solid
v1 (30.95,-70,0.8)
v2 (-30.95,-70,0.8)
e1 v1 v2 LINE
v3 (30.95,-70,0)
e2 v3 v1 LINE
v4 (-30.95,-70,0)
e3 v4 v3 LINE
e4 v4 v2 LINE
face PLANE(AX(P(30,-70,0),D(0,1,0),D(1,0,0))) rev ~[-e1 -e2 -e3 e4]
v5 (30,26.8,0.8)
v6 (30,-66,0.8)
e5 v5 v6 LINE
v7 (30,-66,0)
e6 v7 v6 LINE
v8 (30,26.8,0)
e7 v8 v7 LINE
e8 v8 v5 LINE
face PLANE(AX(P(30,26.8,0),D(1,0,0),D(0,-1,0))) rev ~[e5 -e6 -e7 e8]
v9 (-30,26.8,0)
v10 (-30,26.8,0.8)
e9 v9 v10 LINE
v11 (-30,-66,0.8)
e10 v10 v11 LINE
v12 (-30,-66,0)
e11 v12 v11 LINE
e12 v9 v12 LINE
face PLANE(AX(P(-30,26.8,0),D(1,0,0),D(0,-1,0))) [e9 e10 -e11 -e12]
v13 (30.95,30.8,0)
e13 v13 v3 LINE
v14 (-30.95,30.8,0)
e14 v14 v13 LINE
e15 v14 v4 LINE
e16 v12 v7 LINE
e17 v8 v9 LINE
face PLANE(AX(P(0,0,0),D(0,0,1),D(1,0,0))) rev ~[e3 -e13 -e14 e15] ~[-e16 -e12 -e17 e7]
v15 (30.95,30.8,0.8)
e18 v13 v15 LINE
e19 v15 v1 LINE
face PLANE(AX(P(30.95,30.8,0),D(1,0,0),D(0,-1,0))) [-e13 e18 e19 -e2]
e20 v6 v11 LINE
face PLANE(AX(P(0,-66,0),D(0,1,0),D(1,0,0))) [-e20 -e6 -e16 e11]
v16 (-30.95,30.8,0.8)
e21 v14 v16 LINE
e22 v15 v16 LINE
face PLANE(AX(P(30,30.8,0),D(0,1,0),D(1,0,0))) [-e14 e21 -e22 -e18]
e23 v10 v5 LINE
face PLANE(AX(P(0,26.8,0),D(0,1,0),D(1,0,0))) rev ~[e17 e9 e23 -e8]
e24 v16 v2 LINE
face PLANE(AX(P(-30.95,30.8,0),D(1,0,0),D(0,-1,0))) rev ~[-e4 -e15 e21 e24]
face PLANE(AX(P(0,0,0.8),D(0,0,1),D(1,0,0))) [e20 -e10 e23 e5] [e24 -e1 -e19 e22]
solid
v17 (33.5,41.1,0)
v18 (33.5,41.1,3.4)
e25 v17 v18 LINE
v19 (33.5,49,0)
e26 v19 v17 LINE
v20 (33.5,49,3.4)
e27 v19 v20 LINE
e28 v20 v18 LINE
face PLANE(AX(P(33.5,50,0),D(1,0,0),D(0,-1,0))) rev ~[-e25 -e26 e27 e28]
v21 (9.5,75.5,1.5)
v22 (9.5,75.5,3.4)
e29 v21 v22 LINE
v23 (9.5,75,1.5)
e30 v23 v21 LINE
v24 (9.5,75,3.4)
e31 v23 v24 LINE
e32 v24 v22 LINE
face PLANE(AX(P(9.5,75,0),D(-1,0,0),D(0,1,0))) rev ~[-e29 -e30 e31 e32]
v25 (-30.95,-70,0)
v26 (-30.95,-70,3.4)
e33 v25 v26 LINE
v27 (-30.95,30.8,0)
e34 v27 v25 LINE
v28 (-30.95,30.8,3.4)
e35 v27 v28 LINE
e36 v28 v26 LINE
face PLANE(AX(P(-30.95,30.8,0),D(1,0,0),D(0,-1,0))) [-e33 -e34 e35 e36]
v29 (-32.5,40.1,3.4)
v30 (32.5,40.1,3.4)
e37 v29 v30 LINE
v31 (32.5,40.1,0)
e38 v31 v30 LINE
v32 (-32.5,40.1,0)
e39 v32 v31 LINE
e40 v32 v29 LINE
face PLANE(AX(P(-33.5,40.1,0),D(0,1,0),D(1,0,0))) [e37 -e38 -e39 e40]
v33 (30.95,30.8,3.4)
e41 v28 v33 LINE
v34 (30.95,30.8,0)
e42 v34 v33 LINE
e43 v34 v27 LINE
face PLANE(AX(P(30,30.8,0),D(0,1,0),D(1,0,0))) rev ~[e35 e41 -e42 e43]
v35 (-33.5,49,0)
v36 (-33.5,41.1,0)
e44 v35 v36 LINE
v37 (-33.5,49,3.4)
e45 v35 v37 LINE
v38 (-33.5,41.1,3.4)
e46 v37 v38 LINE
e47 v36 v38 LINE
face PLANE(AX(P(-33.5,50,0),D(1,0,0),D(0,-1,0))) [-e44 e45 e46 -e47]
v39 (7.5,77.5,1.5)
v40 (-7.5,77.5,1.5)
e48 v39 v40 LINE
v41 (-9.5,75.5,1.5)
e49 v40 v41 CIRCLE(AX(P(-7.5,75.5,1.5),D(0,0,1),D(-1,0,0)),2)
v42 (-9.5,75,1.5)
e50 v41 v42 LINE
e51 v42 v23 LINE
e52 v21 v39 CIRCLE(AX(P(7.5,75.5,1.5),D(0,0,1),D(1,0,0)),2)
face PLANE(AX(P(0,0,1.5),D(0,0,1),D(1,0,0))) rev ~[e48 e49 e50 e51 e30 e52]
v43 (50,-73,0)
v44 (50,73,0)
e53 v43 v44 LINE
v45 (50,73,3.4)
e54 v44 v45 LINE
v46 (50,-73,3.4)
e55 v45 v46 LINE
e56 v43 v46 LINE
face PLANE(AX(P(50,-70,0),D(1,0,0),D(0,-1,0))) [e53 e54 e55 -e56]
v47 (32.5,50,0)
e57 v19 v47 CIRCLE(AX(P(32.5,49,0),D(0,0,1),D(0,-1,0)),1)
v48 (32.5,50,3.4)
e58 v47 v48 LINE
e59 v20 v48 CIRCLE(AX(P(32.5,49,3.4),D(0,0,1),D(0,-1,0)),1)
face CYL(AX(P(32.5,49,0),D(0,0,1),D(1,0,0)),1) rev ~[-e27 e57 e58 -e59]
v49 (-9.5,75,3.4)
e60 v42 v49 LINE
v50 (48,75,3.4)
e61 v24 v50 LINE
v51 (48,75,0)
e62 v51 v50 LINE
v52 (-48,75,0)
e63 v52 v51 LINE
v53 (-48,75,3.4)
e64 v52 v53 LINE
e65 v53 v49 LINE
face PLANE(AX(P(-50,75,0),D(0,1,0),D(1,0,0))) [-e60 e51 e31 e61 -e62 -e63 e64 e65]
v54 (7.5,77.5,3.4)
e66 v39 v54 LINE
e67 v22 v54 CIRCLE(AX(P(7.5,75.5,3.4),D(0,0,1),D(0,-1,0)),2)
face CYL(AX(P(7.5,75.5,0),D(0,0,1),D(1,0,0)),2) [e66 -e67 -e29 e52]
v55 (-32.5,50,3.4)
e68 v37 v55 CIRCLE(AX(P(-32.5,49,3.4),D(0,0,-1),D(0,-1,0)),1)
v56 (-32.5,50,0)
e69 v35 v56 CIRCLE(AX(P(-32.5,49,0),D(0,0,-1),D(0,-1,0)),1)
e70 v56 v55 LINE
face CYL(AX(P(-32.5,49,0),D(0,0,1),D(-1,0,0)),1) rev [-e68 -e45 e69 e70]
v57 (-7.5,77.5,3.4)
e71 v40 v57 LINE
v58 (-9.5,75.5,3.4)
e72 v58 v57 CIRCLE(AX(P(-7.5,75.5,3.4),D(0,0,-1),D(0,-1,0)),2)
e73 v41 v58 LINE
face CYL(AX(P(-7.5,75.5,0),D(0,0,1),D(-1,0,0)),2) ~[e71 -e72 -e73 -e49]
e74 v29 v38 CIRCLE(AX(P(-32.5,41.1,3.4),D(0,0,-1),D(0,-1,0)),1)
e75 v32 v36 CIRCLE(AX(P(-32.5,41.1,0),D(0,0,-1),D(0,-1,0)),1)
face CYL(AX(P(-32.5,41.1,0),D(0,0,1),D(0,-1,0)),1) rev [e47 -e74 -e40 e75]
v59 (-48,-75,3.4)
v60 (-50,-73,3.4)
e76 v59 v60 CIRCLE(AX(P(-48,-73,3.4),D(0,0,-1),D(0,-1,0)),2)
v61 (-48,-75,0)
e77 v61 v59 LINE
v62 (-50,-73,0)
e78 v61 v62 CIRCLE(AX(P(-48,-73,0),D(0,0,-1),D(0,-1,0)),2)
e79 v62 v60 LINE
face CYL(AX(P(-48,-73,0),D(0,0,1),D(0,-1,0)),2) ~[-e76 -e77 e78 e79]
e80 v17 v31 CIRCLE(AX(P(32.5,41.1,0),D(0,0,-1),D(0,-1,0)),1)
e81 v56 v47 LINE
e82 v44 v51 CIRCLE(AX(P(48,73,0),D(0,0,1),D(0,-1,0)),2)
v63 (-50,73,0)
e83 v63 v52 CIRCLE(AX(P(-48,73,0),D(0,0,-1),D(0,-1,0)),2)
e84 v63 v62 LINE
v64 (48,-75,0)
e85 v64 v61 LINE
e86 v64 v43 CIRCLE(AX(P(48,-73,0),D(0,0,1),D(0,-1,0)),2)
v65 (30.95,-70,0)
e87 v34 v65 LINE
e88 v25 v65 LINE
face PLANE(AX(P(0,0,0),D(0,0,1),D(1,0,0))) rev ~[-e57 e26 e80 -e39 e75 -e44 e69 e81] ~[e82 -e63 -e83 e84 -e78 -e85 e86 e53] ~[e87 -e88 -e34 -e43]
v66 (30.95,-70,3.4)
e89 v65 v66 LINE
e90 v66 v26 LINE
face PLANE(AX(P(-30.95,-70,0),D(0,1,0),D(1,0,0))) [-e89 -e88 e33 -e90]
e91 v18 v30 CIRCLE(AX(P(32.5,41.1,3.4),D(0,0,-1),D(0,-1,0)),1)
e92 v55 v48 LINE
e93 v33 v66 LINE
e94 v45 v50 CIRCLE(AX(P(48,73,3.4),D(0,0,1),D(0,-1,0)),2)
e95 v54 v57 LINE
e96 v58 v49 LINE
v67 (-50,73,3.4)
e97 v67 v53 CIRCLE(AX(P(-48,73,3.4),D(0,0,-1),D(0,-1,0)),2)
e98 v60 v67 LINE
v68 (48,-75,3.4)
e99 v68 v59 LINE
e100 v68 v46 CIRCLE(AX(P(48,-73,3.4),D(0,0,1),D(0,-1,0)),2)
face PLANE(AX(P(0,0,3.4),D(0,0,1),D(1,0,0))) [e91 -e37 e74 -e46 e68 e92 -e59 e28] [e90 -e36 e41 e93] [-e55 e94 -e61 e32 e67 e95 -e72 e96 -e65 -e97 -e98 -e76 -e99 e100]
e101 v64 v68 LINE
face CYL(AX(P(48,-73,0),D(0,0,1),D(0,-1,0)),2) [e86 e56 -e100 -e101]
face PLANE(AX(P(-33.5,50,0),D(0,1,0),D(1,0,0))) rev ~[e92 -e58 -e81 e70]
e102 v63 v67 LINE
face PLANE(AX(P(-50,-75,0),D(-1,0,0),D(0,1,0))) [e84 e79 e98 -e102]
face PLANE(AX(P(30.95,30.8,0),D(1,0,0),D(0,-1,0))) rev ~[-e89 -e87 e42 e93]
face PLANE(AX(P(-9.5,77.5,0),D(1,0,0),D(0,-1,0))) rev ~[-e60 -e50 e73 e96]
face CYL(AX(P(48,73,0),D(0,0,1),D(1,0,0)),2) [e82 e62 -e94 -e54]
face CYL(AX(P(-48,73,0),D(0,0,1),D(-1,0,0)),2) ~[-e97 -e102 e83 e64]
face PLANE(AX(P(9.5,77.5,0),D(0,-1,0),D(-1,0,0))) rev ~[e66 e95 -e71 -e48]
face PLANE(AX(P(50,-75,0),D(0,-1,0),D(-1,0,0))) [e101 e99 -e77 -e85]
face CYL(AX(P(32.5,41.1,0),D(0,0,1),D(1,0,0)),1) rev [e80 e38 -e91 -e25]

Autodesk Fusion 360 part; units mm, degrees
sketch "Sketch1" plane through (0, 0, 0) normal (0, 0, 1) x (1, 0, 0)
  line L0 (50, -75) -> (-50, -75)
  line L1 (-50, -75) -> (-50, 75)
  line L2 (-50, 75) -> (50, 75)
  line L3 (50, 75) -> (50, -75)
  line L4 (50, -75) -> (-50, 75) construction
  line L5 (-50, -75) -> (50, 75) construction
  line L6 (9.5, 77.5) -> (-9.5, 77.5)
  line L7 (-9.5, 77.5) -> (-9.5, 75)
  line L8 (9.5, 75) -> (9.5, 77.5)
  line L9 (9.5, 77.5) -> (-9.5, 72.5) construction
  line L10 (-9.5, 77.5) -> (9.5, 72.5) construction
  line L11 (-33.5, 50) -> (33.5, 50)
  line L12 (-33.5, 40.1) -> (33.5, 40.1)
  line L13 (-33.5, 50) -> (-33.5, 40.1)
  line L14 (33.5, 50) -> (33.5, 40.1)
  line L15 (-50, 30.8) -> (50, 30.8)
  line L16 (-33.5, 50) -> (-33.5, 40.1)
  line L17 (33.5, 50) -> (33.5, 40.1)
  line L18 (-50, -70) -> (50, -70)
  line L19 (-30.95, 30.8) -> (-30.95, -70)
  line L20 (0, 30) -> (0, -70)
  line L21 (30.95, 30.8) -> (30.95, -70)
  line L22 (-30, 30.8) -> (-30, -70)
  line L23 (30, 30.8) -> (30, -70)
  line L24 (-30, 26.8) -> (30, 26.8)
  line L25 (-30, -66) -> (30, -66)
  point P0 (0, 75)
  dimension "d1" = 100
  dimension "d2" = 150
  dimension "d3" = 19
  dimension "d4" = 5
  dimension "d5" = 25
  dimension "d6" = 9.9
  dimension "d8" = 9.3
  dimension "d9" = 5
  dimension "d10" = 30.95
  dimension "d11" = 30
  dimension "d12" = 4
  dimension "d13" = 4
extrude "Extrude1" add sketch "Sketch1" along normal blind 3.4 contours L0 L1 L3 L18 | L3 L15 L18 L21 | L1 L15 L18 L19 | L1 L2 L3 L15 | L2 L6 L7 L8 makes body 1
extrude "Extrude2" add sketch "Sketch1" along normal blind 0.8 separate body contours L15 L18 L21 L23 | L15 L18 L19 L22 | L18 L20 L23 L25 | L18 L20 L22 L25 | L15 L22 L23 L24 makes body 2
fillet "Fillet1" radius 2 6 edges at (50, 75, 1.7) (-50, 75, 1.7) (-9.5, 77.5, 1.7) (9.5, 77.5, 1.7) (-50, -75, 1.7) (50, -75, 1.7) on bodies 1
fillet "Fillet2" radius 1 4 edges at (33.5, 40.1, 1.7) (33.5, 50, 1.7) (-33.5, 50, 1.7) (-33.5, 40.1, 1.7) on bodies 1
extrude "Extrude3" cut sketch "Sketch1" along normal blind 1.5 contours L2 L6 L7 L8 bodies 1
